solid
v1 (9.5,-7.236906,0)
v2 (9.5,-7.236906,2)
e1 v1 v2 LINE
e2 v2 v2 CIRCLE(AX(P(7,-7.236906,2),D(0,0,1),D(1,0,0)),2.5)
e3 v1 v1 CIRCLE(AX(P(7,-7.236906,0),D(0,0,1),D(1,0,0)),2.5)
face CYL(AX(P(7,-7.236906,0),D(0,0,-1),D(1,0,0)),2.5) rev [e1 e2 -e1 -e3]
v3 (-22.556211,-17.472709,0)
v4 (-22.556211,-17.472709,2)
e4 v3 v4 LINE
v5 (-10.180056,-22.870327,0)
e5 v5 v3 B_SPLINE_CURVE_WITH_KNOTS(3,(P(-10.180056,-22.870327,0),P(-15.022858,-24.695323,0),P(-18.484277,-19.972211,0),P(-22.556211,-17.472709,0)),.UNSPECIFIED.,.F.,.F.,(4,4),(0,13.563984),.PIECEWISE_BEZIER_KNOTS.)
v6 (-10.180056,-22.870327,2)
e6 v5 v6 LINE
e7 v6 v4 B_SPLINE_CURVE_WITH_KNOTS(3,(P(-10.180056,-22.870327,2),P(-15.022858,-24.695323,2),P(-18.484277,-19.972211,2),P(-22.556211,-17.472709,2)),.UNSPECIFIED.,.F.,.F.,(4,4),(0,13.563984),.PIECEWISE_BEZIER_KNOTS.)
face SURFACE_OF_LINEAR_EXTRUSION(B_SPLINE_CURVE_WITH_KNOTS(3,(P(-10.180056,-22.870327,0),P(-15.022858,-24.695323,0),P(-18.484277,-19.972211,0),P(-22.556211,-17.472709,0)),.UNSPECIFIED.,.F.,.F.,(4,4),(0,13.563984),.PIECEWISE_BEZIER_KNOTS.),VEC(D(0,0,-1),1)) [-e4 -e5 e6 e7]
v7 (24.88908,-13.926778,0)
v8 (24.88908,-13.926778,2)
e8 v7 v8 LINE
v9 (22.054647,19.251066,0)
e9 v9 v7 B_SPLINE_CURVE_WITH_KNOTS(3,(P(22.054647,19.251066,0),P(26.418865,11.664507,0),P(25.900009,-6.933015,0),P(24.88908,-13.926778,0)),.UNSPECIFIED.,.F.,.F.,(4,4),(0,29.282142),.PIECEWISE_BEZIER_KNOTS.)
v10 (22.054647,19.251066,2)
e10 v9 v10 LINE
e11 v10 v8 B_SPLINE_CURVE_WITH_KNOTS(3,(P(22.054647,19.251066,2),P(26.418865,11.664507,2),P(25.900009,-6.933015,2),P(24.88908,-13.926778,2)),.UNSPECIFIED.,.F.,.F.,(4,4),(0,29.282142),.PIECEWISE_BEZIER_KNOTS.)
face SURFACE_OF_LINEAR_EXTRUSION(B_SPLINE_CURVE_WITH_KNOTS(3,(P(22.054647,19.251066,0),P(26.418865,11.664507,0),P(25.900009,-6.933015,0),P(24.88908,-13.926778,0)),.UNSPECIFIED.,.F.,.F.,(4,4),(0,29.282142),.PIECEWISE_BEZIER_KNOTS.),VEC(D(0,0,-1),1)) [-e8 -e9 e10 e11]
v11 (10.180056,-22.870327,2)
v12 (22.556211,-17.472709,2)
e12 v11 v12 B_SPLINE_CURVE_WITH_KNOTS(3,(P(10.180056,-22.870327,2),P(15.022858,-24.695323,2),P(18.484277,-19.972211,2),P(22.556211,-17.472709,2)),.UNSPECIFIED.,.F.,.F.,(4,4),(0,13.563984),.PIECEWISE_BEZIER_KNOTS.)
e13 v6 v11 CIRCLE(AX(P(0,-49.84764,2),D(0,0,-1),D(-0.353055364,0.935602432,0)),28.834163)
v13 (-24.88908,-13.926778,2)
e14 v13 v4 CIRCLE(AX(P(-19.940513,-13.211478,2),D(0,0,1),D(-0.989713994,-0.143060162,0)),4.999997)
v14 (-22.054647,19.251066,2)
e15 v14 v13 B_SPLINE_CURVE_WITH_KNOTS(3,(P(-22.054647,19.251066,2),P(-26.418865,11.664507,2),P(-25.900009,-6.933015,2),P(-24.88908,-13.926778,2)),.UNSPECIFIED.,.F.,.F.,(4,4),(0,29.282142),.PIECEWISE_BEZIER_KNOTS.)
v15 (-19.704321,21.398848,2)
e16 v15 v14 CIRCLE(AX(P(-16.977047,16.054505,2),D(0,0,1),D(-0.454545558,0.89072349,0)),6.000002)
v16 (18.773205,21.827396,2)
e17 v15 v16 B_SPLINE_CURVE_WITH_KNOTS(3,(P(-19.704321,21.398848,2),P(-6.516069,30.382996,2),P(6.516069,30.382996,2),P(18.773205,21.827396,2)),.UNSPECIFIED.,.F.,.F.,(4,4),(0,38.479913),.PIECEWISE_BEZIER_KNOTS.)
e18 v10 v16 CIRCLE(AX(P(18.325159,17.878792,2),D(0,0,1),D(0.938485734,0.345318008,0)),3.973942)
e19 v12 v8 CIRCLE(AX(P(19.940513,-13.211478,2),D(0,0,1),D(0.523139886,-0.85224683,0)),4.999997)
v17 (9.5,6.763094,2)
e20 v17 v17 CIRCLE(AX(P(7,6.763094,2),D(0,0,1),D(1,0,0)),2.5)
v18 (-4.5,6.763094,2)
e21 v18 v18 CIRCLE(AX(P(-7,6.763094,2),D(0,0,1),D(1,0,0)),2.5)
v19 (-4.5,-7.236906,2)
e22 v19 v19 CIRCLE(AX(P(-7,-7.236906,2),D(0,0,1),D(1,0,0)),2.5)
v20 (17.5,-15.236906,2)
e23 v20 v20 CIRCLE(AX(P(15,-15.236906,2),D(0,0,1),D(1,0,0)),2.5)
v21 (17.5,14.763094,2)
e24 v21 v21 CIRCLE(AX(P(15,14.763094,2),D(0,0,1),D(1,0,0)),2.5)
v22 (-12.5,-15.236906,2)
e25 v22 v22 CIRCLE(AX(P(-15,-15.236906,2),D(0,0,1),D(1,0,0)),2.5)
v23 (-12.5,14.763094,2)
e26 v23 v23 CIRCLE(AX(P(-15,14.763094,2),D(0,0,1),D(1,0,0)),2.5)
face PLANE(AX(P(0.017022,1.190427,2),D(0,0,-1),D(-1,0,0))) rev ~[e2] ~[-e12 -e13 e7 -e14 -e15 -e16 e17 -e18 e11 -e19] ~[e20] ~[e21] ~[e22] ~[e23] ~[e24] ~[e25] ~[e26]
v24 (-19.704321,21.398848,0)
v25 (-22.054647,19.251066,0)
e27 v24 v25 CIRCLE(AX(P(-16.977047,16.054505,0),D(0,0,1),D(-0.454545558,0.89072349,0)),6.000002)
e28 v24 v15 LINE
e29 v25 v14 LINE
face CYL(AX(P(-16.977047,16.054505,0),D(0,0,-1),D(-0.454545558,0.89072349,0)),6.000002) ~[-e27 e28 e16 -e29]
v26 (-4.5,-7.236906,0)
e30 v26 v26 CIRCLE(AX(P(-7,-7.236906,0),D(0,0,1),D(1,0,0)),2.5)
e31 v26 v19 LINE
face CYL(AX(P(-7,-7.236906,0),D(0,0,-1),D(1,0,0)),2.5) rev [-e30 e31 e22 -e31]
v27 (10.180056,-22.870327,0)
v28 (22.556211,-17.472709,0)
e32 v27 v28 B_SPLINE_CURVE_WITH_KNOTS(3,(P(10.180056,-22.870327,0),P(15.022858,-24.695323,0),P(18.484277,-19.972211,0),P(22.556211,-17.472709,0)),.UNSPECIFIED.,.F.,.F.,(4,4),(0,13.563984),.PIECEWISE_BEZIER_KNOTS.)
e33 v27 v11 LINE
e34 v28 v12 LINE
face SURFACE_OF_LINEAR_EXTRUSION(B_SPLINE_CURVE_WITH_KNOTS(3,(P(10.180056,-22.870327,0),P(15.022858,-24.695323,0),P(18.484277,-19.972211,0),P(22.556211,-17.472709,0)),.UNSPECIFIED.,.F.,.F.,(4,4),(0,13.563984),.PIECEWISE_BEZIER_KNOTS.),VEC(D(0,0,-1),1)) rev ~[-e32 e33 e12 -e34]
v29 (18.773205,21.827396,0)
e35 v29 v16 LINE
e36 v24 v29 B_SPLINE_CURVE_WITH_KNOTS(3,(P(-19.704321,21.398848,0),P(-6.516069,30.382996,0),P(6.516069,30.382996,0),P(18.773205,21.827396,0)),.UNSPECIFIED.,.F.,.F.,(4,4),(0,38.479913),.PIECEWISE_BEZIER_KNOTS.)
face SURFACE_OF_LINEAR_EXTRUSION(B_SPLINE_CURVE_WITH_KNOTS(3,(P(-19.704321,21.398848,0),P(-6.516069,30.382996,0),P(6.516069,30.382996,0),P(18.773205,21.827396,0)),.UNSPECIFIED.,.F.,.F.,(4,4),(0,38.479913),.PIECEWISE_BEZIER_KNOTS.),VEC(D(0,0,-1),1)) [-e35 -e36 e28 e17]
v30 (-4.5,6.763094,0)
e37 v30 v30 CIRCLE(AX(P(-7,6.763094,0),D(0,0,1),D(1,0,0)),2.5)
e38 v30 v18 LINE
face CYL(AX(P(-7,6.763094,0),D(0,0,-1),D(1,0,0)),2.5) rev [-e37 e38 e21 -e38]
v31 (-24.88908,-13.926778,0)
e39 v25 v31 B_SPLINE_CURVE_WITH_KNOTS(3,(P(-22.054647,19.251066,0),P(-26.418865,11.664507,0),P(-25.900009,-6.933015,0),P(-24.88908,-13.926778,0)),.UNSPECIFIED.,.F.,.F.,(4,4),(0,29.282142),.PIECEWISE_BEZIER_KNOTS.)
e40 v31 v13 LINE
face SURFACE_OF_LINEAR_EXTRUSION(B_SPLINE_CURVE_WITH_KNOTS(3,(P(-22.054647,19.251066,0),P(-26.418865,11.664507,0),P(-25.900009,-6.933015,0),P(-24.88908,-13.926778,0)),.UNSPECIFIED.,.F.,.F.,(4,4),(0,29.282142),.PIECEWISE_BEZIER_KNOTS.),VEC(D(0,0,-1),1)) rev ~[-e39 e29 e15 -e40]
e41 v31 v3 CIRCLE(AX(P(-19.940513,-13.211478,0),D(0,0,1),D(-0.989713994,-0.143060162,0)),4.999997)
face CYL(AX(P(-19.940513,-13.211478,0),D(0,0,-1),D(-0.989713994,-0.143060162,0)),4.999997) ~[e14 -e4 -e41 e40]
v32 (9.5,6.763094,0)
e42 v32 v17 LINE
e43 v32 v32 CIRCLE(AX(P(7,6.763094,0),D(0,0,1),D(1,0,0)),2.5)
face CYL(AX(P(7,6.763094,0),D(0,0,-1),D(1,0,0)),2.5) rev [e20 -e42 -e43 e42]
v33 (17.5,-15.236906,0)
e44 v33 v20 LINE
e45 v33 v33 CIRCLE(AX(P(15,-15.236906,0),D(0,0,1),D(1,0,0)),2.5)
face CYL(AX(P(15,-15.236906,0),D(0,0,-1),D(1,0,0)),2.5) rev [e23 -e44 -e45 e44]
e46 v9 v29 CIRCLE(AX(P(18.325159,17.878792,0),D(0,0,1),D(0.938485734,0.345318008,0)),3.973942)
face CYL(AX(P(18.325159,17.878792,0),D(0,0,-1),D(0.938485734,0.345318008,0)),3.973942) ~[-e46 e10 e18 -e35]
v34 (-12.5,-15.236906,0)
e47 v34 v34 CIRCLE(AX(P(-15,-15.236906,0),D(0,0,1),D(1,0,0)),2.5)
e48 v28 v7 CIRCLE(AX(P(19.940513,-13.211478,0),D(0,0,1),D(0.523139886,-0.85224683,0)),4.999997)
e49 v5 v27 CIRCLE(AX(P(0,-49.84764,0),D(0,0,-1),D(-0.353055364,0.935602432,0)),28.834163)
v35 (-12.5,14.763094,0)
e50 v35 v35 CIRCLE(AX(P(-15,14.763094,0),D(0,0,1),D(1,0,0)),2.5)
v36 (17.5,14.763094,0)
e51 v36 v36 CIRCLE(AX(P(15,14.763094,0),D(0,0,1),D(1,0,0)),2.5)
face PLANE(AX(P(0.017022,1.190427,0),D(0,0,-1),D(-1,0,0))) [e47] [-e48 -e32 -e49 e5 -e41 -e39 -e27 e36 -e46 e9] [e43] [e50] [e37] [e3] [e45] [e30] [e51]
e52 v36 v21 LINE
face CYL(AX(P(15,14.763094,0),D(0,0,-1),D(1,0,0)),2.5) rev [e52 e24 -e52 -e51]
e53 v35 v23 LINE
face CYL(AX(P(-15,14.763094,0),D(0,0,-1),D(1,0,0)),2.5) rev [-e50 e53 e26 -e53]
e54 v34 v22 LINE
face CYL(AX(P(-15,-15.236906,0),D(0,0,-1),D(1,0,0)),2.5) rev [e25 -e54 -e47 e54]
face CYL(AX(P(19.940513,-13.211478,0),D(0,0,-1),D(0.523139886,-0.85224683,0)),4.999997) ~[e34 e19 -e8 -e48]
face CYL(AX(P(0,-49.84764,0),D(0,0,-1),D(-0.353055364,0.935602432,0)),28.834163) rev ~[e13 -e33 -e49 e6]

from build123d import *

# Parameters (mm, degrees)
F0_R     = 2.5
F1_DEPTH = 2


with BuildPart() as f1:
    # F0 (on Top) → F1 (new body)
    with BuildSketch(Plane.XY):
        with BuildLine():
            add(Edge.make_bspline(
                [(-19.704321, 21.398848), (-6.516069, 30.382996), (6.516069, 30.382996), (18.773205, 21.827396)],
                knots=[0, 0, 0, 0, 38.479913, 38.479913, 38.479913, 38.479913], degree=3))
            ThreePointArc((-19.704321, 21.398848), (-21.024547, 20.4837), (-22.054647, 19.251066))
            add(Edge.make_bspline(
                [(-22.054647, 19.251066), (-26.418865, 11.664507), (-25.900009, -6.933015), (-24.88908, -13.926778)],
                knots=[0, 0, 0, 0, 29.282142, 29.282142, 29.282142, 29.282142], degree=3))
            ThreePointArc((-24.88908, -13.926778), (-24.117585, -15.959575), (-22.556211, -17.472709))
            add(Edge.make_bspline(
                [(-10.180056, -22.870327), (-15.022858, -24.695323), (-18.484277, -19.972211), (-22.556211, -17.472709)],
                knots=[0, 0, 0, 0, 13.563984, 13.563984, 13.563984, 13.563984], degree=3))
            ThreePointArc((-10.180056, -22.870327), (0, -21.013477), (10.180056, -22.870327))
            add(Edge.make_bspline(
                [(10.180056, -22.870327), (15.022858, -24.695323), (18.484277, -19.972211), (22.556211, -17.472709)],
                knots=[0, 0, 0, 0, 13.563984, 13.563984, 13.563984, 13.563984], degree=3))
            ThreePointArc((22.556211, -17.472709), (24.117585, -15.959575), (24.88908, -13.926778))
            add(Edge.make_bspline(
                [(22.054647, 19.251066), (26.418865, 11.664507), (25.900009, -6.933015), (24.88908, -13.926778)],
                knots=[0, 0, 0, 0, 29.282142, 29.282142, 29.282142, 29.282142], degree=3))
            ThreePointArc((22.054647, 19.251066), (20.7792, 21.004476), (18.773205, 21.827396))
        make_face()
        with Locations((-15, -15.236906)):
            Circle(F0_R, mode=Mode.SUBTRACT)
        with Locations((-7, -7.236906)):
            Circle(F0_R, mode=Mode.SUBTRACT)
        with Locations((15, -15.236906)):
            Circle(F0_R, mode=Mode.SUBTRACT)
        with Locations((7, -7.236906)):
            Circle(F0_R, mode=Mode.SUBTRACT)
        with Locations((-15, 14.763094)):
            Circle(F0_R, mode=Mode.SUBTRACT)
        with Locations((-7, 6.763094)):
            Circle(F0_R, mode=Mode.SUBTRACT)
        with Locations((7, 6.763094)):
            Circle(F0_R, mode=Mode.SUBTRACT)
        with Locations((15, 14.763094)):
            Circle(F0_R, mode=Mode.SUBTRACT)
    extrude(amount=F1_DEPTH)


solid = f1.part
